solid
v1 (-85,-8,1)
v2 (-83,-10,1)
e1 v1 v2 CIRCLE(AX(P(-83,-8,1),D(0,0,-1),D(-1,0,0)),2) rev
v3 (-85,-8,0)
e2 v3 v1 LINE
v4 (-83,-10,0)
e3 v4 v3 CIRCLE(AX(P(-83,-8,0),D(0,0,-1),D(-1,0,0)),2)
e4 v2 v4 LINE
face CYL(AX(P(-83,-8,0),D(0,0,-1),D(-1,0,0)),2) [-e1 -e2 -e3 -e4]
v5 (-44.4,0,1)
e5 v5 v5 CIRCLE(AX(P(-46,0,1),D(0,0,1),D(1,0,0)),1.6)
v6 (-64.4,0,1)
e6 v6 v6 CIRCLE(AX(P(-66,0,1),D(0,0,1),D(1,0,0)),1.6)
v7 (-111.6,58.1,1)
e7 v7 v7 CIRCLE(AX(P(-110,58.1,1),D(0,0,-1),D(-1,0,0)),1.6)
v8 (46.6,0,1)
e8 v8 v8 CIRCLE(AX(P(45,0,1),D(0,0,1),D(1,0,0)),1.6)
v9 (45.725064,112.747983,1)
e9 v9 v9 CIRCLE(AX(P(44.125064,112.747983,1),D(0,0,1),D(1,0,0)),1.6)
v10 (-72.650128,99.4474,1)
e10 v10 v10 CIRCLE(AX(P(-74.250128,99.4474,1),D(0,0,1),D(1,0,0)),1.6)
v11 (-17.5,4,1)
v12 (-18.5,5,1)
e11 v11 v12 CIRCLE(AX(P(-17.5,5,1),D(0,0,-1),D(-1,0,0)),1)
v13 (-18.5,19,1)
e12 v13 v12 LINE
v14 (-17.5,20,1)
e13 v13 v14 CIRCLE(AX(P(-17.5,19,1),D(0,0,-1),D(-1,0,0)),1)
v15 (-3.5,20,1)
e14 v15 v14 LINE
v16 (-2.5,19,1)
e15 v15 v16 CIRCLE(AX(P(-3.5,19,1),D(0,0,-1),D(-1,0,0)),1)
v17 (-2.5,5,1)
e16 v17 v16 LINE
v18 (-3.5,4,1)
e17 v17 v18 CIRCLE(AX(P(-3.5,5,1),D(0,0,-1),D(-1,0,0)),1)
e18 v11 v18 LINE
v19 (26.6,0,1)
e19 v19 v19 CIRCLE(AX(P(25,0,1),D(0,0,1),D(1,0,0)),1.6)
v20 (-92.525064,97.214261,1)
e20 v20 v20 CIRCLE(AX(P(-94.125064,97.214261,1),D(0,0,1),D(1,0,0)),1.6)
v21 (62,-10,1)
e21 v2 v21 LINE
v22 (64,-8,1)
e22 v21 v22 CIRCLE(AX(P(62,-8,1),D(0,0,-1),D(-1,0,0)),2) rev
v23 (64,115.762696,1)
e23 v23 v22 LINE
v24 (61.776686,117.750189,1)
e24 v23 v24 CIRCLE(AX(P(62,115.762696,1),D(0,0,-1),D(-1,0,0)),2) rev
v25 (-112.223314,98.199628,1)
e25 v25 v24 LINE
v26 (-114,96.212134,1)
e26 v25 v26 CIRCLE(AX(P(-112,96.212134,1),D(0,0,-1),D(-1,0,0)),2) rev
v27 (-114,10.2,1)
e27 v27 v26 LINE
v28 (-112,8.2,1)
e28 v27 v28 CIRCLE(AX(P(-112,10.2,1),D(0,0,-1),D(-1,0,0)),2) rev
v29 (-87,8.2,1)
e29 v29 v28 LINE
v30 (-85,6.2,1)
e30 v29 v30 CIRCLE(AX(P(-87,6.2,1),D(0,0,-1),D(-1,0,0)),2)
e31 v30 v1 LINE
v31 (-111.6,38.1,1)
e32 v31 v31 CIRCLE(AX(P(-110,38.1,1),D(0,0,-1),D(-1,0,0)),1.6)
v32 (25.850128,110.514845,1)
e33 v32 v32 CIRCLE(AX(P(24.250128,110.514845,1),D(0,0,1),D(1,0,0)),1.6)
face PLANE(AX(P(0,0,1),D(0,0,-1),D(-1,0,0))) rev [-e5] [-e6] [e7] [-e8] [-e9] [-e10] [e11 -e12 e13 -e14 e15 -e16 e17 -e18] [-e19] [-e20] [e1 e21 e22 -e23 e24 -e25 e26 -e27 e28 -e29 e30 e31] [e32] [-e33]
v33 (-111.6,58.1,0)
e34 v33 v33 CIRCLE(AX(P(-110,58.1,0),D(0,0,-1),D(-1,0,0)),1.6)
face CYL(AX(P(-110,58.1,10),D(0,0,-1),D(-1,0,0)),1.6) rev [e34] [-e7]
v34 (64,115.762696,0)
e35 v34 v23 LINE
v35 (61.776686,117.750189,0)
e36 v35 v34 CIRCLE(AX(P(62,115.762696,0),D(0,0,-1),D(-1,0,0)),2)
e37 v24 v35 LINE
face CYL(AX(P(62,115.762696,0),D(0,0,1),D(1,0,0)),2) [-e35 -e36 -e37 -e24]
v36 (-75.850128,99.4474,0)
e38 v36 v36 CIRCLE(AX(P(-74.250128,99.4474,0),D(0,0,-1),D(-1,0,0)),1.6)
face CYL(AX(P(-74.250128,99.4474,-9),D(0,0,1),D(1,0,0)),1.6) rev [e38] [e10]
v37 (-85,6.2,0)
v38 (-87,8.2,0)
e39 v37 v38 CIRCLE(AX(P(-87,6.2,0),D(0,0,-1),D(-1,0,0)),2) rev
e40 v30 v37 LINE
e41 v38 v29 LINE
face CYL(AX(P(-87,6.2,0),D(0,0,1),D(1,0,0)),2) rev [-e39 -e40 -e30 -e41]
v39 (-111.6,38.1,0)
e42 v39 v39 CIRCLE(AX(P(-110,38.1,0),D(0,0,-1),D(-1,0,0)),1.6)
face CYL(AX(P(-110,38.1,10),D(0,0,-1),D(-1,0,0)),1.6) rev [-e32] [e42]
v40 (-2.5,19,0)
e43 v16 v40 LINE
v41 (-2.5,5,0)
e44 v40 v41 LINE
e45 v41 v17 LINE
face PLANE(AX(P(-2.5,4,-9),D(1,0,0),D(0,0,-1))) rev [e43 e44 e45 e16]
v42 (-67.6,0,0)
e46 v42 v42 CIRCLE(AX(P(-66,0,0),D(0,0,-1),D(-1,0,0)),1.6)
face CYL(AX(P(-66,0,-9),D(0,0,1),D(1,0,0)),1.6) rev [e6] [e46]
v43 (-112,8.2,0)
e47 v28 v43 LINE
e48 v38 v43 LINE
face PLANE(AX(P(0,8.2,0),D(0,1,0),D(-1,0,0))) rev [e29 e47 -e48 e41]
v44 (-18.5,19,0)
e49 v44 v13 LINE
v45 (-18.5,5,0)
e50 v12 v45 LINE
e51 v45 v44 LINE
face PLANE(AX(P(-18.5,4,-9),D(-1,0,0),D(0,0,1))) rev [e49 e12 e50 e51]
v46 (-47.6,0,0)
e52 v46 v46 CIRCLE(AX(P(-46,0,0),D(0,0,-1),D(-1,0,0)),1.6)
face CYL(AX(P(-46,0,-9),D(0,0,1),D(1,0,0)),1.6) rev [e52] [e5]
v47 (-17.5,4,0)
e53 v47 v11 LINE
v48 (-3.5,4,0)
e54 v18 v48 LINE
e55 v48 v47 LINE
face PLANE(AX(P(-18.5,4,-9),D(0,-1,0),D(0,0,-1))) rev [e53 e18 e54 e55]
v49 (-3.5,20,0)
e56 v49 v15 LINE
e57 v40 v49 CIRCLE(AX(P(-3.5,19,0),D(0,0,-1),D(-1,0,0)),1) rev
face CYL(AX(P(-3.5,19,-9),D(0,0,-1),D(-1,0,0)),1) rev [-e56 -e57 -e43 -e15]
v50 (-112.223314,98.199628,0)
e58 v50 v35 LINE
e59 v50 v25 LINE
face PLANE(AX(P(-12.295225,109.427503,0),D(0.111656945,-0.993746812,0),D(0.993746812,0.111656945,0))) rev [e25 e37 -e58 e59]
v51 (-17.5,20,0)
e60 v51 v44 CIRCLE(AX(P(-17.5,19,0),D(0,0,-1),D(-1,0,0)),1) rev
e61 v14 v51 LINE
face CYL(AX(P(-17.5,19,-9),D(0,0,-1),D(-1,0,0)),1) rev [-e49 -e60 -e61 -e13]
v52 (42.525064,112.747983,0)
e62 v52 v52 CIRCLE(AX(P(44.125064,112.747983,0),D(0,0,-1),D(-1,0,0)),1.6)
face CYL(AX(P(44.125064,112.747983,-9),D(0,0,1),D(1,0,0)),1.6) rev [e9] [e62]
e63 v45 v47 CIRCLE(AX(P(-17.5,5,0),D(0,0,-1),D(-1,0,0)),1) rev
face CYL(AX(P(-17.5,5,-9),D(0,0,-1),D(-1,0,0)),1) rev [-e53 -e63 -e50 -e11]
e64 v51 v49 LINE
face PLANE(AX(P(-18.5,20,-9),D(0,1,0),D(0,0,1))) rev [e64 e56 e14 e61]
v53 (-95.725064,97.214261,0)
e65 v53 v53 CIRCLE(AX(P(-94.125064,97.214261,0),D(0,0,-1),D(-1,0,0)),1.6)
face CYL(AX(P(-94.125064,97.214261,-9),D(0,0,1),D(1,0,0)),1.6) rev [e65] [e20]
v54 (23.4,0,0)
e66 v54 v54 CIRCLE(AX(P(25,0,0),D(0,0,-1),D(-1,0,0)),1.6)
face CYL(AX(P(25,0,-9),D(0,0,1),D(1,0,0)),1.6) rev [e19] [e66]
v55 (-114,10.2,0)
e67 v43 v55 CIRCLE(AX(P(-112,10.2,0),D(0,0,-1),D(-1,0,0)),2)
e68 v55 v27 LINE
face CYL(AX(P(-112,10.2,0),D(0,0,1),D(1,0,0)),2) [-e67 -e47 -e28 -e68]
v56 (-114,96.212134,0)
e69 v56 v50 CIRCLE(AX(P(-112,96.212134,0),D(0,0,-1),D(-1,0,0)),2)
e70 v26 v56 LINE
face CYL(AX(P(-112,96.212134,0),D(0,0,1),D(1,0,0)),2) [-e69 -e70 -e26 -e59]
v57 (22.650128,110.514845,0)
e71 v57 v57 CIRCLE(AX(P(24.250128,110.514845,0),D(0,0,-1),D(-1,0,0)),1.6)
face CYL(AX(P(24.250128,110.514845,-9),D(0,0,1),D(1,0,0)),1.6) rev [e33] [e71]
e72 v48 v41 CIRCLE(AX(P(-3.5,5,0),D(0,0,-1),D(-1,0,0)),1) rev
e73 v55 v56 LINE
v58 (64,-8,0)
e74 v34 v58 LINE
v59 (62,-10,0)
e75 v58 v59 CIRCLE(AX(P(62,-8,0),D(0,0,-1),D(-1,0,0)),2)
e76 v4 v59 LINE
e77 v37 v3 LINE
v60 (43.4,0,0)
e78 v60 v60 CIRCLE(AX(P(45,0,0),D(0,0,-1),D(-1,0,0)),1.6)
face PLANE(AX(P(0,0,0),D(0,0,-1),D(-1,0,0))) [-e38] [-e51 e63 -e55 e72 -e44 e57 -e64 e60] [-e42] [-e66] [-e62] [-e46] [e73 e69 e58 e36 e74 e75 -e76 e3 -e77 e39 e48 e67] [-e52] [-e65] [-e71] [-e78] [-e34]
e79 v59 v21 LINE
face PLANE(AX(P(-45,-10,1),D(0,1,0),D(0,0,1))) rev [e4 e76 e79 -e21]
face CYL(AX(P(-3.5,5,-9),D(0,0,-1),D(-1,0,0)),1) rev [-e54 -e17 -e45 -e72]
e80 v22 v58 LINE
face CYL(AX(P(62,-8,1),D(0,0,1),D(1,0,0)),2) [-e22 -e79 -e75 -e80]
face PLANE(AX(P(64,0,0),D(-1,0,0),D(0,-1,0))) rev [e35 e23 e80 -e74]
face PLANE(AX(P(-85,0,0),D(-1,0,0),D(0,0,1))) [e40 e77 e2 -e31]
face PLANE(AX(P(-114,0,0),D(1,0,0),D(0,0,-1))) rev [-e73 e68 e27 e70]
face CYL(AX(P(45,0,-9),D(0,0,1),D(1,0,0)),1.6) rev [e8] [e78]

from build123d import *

# Parameters (mm, degrees)
SKETCH_1_W          = 90
SKETCH_1_H          = 14
EXTRUDE_1_DEPTH     = 1
EXTRUDE_2_DEPTH     = 1
SKETCH_4_W          = 40
SKETCH_4_H          = 14
SKETCH_4_W_2        = 19
EXTRUDE_3_DEPTH     = 1
SKETCH_7_R          = 1.6
CUT_EXTRUDE_1_DEPTH = 10
SKETCH_8_R          = 1.6
CUT_EXTRUDE_2_DEPTH = 10
SKETCH_9_R          = 1.6
CUT_EXTRUDE_3_DEPTH = 10
FILLET_1_R          = 2
SKETCH_10_W         = 16
SKETCH_10_H         = 16
CUT_EXTRUDE_4_DEPTH = 10
FILLET_2_R          = 1


with BuildPart() as part:
    # 草图1 → 凸台-拉伸1 (new body)
    with BuildSketch(Plane.XY):
        with Locations((0, -3)):
            Rectangle(SKETCH_1_W, SKETCH_1_H)
    extrude(amount=EXTRUDE_1_DEPTH)

    # 草图2 → 凸台-拉伸2 (add)
    with BuildSketch(Plane.XY.offset(1)):
        Polygon((-85, 8.2), (-85, 4), (64, 4), (64, 118), (-114, 98), (-114, 8.2), align=None)
    extrude(amount=-EXTRUDE_2_DEPTH)

    # 草图4 → 凸台-拉伸3 (add)
    with BuildSketch(Plane.XY.offset(1)):
        with Locations((-65, -3)):
            Rectangle(SKETCH_4_W, SKETCH_4_H)
        with Locations((54.5, -3)):
            Rectangle(SKETCH_4_W_2, SKETCH_4_H)
    extrude(amount=-EXTRUDE_3_DEPTH)

    # 草图7 → 切除-拉伸1 (cut)
    with BuildSketch(Plane.XY.offset(1)):
        with Locations((45, 0)):
            Circle(SKETCH_7_R)
        with Locations((25, 0)):
            Circle(SKETCH_7_R)
        with Locations((-66, 0)):
            Circle(SKETCH_7_R)
        with Locations((-46, 0)):
            Circle(SKETCH_7_R)
    extrude(amount=-CUT_EXTRUDE_1_DEPTH, mode=Mode.SUBTRACT)

    # 草图8 → 切除-拉伸2 (cut)
    with BuildSketch(Plane.XY.offset(1)):
        with Locations((-94.125063758, 97.214261295)):
            Circle(SKETCH_8_R)
        with Locations((-74.250127515, 99.447400198)):
            Circle(SKETCH_8_R)
        with Locations((24.250127515, 110.514844584)):
            Circle(SKETCH_8_R)
        with Locations((44.125063758, 112.747983487)):
            Circle(SKETCH_8_R)
    extrude(amount=-CUT_EXTRUDE_2_DEPTH, mode=Mode.SUBTRACT)

    # 草图9 → 切除-拉伸3 (cut)
    with BuildSketch(Plane(origin=(0, 0, 0), x_dir=(-1, 0, 0), z_dir=(0, 0, -1))):
        with Locations((110, 58.1)):
            Circle(SKETCH_9_R)
        with Locations((110, 38.1)):
            Circle(SKETCH_9_R)
    extrude(amount=-CUT_EXTRUDE_3_DEPTH, mode=Mode.SUBTRACT)

    # 圆角1
    fillet_1_edges = [part.edges().sort_by_distance(p)[0] for p in [
        (-114, 8.2, 0.5),
        (-114, 98, 0.5),
        (64, 118, 0.5),
        (-85, 8.2, 0.5),
        (-85, -10, 0.5),
        (64, -10, 0.5),
    ]]
    fillet(fillet_1_edges, radius=FILLET_1_R)

    # 草图10 → 切除-拉伸4 (cut)
    with BuildSketch(Plane.XY.offset(1)):
        with Locations((-10.5, 12)):
            Rectangle(SKETCH_10_W, SKETCH_10_H)
    extrude(amount=-CUT_EXTRUDE_4_DEPTH, mode=Mode.SUBTRACT)

    # 圆角2
    fillet_2_edges = [part.edges().sort_by_distance(p)[0] for p in [
        (-2.5, 20, 0.5),
        (-2.5, 4, 0.5),
        (-18.5, 4, 0.5),
        (-18.5, 20, 0.5),
    ]]
    fillet(fillet_2_edges, radius=FILLET_2_R)


solid = part.part
